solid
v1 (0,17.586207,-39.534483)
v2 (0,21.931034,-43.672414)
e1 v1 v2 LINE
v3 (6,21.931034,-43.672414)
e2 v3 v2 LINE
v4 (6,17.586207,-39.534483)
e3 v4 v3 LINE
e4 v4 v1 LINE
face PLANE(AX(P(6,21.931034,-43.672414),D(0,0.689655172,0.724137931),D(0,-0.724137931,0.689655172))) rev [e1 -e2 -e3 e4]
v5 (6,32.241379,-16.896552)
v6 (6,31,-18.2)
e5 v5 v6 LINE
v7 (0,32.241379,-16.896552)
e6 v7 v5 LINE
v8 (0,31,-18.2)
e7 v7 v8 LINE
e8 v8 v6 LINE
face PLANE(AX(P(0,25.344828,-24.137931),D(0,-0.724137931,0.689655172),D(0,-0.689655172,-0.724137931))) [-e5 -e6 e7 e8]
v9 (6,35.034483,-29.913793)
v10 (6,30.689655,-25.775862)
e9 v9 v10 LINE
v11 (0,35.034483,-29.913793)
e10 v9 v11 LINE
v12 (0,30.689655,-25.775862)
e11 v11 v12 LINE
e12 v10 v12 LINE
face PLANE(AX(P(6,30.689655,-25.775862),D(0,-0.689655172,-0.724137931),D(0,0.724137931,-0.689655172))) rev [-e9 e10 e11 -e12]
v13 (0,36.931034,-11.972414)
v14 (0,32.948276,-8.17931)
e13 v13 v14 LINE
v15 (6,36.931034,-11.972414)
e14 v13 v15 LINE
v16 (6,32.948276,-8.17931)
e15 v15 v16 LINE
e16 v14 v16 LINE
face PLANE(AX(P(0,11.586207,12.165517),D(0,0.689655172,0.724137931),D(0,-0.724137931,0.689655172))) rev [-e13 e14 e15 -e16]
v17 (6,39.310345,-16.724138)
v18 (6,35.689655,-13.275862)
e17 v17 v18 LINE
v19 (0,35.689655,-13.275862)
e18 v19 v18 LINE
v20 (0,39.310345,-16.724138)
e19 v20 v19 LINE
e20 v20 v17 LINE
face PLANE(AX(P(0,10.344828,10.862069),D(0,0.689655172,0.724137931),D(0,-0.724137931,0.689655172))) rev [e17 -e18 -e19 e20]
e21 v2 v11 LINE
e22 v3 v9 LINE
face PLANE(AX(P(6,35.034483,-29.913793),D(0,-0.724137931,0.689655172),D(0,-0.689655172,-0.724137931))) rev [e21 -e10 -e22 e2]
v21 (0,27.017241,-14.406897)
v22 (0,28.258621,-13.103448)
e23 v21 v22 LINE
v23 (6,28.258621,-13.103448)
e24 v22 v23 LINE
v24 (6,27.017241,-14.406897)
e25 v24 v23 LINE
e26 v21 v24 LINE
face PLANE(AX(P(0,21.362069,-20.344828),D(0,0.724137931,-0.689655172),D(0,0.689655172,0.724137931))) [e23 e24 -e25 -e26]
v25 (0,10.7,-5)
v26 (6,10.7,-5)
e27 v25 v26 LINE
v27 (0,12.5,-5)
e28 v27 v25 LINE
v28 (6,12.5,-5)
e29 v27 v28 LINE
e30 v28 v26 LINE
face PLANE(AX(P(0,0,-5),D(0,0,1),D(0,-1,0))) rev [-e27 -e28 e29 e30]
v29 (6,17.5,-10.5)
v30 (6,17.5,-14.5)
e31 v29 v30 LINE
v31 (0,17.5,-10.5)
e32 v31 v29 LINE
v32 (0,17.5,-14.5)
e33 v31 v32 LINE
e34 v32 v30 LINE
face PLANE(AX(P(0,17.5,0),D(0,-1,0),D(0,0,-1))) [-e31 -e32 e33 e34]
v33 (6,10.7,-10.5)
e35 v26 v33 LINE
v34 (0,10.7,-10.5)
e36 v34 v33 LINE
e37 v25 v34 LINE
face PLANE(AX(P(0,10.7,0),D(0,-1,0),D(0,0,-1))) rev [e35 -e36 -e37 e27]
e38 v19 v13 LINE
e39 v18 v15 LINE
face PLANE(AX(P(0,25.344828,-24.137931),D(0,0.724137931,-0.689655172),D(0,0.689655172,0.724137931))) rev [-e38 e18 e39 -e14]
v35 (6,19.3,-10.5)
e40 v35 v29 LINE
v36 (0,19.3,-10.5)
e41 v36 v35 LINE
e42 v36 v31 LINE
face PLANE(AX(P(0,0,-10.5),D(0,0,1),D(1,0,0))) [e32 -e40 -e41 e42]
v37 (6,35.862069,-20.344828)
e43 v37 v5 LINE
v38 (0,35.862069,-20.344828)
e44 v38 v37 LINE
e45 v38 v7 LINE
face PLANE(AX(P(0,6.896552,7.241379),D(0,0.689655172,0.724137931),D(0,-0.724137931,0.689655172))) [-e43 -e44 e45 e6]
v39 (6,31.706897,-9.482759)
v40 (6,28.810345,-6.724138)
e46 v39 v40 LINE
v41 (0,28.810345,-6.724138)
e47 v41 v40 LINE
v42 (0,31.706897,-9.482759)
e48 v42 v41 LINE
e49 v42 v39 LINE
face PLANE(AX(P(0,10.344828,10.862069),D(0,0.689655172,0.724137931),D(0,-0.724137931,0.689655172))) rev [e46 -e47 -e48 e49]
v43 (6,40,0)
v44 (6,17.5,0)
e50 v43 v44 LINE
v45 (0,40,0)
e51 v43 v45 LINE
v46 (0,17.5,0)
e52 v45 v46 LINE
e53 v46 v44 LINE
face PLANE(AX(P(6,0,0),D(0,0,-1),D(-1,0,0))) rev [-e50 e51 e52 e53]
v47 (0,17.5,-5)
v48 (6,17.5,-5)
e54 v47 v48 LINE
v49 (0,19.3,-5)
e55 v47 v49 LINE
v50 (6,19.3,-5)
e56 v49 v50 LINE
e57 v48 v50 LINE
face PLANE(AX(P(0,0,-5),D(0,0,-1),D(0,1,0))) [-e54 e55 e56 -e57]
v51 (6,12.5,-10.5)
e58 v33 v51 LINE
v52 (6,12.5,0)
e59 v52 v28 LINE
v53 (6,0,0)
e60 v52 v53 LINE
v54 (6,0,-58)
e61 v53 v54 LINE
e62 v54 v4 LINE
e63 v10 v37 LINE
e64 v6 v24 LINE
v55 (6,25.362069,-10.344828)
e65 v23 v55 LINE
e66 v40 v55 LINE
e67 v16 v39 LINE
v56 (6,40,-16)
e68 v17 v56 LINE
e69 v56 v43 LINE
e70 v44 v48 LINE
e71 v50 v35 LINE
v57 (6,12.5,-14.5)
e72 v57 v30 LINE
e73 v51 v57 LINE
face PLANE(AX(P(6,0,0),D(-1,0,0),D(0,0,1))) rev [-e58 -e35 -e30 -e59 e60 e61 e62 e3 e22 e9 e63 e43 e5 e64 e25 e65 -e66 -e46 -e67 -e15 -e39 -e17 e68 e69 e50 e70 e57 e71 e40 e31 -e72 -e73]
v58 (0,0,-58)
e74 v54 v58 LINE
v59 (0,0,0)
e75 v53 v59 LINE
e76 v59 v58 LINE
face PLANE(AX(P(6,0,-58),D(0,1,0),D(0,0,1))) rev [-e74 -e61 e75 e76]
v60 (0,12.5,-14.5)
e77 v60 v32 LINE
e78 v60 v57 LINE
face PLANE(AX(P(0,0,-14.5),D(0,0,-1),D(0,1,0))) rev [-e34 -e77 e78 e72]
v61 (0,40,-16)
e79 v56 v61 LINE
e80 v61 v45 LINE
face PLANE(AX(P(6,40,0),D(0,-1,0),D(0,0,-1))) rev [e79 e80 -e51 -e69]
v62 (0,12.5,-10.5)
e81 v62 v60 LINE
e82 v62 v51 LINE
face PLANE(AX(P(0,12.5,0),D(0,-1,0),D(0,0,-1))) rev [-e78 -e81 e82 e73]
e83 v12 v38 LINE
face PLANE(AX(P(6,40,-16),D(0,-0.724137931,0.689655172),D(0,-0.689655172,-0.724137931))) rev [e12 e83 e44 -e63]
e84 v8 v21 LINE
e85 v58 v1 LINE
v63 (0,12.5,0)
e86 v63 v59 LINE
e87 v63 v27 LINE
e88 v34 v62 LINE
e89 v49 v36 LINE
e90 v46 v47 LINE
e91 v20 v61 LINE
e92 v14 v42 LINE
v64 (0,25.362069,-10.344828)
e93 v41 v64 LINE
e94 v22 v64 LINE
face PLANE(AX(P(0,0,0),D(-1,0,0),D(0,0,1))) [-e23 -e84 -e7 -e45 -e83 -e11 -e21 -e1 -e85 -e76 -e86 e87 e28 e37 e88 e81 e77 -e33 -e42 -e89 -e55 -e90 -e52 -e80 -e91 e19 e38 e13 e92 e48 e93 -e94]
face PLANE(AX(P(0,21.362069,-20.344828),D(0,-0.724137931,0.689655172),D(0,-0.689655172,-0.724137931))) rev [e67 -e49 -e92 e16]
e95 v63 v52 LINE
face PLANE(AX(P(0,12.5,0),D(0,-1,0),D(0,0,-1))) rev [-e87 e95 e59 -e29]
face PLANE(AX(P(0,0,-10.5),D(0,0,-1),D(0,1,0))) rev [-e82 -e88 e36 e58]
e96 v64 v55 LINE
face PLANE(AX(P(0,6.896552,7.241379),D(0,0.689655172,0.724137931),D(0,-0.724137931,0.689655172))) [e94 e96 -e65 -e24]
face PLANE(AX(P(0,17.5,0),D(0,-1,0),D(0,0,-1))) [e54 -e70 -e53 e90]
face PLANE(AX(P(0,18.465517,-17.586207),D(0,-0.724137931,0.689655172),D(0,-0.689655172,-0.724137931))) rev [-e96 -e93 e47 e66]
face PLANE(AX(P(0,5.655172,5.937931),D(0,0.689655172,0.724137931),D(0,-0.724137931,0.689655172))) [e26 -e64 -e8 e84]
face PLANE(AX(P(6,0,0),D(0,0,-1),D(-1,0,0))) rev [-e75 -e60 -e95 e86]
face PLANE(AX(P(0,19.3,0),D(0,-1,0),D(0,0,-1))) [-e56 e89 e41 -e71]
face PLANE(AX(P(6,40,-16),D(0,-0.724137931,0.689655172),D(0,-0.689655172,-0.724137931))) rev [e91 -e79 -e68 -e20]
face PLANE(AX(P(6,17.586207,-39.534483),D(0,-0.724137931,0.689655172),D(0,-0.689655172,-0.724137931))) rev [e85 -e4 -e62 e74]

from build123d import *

# Parameters (mm, degrees)
BOSS_EXTRU_1_DEPTH      = 6
ENL_V_MAT_EXTRU_1_DEPTH = 6


with BuildPart() as part:
    # Esquisse1 → Boss.-Extru.1 (new body)
    with BuildSketch(Plane(origin=(0, 0, 0), x_dir=(0, 0, -1), z_dir=(1, 0, 0))):
        Polygon((0, 0), (0, 40), (16, 40), (25.775862069, 30.689655172), (29.913793103, 35.034482759), (43.672413793, 21.931034483), (39.534482759, 17.586206897), (58, 0), align=None)
    extrude(amount=BOSS_EXTRU_1_DEPTH)

    # Esquisse2 → Enlèv. mat.-Extru.1 (cut)
    with BuildSketch(Plane(origin=(6, 0, 0), x_dir=(0, 0, -1), z_dir=(1, 0, 0))):
        Polygon((0, 17.5), (0, 12.5), (5, 12.5), (5, 10.7), (10.5, 10.7), (10.5, 12.5), (14.5, 12.5), (14.5, 17.5), (10.5, 17.5), (10.5, 19.3), (5, 19.3), (5, 17.5), align=None)
        Polygon((20.344827586, 35.862068966), (16.724137931, 39.310344828), (13.275862069, 35.689655172), (11.972413793, 36.931034483), (8.179310345, 32.948275862), (9.482758621, 31.706896552), (6.724137931, 28.810344828), (10.344827586, 25.362068966), (13.103448276, 28.25862069), (14.406896552, 27.017241379), (18.2, 31), (16.896551724, 32.24137931), align=None)
    extrude(amount=-ENL_V_MAT_EXTRU_1_DEPTH, mode=Mode.SUBTRACT)


solid = part.part
